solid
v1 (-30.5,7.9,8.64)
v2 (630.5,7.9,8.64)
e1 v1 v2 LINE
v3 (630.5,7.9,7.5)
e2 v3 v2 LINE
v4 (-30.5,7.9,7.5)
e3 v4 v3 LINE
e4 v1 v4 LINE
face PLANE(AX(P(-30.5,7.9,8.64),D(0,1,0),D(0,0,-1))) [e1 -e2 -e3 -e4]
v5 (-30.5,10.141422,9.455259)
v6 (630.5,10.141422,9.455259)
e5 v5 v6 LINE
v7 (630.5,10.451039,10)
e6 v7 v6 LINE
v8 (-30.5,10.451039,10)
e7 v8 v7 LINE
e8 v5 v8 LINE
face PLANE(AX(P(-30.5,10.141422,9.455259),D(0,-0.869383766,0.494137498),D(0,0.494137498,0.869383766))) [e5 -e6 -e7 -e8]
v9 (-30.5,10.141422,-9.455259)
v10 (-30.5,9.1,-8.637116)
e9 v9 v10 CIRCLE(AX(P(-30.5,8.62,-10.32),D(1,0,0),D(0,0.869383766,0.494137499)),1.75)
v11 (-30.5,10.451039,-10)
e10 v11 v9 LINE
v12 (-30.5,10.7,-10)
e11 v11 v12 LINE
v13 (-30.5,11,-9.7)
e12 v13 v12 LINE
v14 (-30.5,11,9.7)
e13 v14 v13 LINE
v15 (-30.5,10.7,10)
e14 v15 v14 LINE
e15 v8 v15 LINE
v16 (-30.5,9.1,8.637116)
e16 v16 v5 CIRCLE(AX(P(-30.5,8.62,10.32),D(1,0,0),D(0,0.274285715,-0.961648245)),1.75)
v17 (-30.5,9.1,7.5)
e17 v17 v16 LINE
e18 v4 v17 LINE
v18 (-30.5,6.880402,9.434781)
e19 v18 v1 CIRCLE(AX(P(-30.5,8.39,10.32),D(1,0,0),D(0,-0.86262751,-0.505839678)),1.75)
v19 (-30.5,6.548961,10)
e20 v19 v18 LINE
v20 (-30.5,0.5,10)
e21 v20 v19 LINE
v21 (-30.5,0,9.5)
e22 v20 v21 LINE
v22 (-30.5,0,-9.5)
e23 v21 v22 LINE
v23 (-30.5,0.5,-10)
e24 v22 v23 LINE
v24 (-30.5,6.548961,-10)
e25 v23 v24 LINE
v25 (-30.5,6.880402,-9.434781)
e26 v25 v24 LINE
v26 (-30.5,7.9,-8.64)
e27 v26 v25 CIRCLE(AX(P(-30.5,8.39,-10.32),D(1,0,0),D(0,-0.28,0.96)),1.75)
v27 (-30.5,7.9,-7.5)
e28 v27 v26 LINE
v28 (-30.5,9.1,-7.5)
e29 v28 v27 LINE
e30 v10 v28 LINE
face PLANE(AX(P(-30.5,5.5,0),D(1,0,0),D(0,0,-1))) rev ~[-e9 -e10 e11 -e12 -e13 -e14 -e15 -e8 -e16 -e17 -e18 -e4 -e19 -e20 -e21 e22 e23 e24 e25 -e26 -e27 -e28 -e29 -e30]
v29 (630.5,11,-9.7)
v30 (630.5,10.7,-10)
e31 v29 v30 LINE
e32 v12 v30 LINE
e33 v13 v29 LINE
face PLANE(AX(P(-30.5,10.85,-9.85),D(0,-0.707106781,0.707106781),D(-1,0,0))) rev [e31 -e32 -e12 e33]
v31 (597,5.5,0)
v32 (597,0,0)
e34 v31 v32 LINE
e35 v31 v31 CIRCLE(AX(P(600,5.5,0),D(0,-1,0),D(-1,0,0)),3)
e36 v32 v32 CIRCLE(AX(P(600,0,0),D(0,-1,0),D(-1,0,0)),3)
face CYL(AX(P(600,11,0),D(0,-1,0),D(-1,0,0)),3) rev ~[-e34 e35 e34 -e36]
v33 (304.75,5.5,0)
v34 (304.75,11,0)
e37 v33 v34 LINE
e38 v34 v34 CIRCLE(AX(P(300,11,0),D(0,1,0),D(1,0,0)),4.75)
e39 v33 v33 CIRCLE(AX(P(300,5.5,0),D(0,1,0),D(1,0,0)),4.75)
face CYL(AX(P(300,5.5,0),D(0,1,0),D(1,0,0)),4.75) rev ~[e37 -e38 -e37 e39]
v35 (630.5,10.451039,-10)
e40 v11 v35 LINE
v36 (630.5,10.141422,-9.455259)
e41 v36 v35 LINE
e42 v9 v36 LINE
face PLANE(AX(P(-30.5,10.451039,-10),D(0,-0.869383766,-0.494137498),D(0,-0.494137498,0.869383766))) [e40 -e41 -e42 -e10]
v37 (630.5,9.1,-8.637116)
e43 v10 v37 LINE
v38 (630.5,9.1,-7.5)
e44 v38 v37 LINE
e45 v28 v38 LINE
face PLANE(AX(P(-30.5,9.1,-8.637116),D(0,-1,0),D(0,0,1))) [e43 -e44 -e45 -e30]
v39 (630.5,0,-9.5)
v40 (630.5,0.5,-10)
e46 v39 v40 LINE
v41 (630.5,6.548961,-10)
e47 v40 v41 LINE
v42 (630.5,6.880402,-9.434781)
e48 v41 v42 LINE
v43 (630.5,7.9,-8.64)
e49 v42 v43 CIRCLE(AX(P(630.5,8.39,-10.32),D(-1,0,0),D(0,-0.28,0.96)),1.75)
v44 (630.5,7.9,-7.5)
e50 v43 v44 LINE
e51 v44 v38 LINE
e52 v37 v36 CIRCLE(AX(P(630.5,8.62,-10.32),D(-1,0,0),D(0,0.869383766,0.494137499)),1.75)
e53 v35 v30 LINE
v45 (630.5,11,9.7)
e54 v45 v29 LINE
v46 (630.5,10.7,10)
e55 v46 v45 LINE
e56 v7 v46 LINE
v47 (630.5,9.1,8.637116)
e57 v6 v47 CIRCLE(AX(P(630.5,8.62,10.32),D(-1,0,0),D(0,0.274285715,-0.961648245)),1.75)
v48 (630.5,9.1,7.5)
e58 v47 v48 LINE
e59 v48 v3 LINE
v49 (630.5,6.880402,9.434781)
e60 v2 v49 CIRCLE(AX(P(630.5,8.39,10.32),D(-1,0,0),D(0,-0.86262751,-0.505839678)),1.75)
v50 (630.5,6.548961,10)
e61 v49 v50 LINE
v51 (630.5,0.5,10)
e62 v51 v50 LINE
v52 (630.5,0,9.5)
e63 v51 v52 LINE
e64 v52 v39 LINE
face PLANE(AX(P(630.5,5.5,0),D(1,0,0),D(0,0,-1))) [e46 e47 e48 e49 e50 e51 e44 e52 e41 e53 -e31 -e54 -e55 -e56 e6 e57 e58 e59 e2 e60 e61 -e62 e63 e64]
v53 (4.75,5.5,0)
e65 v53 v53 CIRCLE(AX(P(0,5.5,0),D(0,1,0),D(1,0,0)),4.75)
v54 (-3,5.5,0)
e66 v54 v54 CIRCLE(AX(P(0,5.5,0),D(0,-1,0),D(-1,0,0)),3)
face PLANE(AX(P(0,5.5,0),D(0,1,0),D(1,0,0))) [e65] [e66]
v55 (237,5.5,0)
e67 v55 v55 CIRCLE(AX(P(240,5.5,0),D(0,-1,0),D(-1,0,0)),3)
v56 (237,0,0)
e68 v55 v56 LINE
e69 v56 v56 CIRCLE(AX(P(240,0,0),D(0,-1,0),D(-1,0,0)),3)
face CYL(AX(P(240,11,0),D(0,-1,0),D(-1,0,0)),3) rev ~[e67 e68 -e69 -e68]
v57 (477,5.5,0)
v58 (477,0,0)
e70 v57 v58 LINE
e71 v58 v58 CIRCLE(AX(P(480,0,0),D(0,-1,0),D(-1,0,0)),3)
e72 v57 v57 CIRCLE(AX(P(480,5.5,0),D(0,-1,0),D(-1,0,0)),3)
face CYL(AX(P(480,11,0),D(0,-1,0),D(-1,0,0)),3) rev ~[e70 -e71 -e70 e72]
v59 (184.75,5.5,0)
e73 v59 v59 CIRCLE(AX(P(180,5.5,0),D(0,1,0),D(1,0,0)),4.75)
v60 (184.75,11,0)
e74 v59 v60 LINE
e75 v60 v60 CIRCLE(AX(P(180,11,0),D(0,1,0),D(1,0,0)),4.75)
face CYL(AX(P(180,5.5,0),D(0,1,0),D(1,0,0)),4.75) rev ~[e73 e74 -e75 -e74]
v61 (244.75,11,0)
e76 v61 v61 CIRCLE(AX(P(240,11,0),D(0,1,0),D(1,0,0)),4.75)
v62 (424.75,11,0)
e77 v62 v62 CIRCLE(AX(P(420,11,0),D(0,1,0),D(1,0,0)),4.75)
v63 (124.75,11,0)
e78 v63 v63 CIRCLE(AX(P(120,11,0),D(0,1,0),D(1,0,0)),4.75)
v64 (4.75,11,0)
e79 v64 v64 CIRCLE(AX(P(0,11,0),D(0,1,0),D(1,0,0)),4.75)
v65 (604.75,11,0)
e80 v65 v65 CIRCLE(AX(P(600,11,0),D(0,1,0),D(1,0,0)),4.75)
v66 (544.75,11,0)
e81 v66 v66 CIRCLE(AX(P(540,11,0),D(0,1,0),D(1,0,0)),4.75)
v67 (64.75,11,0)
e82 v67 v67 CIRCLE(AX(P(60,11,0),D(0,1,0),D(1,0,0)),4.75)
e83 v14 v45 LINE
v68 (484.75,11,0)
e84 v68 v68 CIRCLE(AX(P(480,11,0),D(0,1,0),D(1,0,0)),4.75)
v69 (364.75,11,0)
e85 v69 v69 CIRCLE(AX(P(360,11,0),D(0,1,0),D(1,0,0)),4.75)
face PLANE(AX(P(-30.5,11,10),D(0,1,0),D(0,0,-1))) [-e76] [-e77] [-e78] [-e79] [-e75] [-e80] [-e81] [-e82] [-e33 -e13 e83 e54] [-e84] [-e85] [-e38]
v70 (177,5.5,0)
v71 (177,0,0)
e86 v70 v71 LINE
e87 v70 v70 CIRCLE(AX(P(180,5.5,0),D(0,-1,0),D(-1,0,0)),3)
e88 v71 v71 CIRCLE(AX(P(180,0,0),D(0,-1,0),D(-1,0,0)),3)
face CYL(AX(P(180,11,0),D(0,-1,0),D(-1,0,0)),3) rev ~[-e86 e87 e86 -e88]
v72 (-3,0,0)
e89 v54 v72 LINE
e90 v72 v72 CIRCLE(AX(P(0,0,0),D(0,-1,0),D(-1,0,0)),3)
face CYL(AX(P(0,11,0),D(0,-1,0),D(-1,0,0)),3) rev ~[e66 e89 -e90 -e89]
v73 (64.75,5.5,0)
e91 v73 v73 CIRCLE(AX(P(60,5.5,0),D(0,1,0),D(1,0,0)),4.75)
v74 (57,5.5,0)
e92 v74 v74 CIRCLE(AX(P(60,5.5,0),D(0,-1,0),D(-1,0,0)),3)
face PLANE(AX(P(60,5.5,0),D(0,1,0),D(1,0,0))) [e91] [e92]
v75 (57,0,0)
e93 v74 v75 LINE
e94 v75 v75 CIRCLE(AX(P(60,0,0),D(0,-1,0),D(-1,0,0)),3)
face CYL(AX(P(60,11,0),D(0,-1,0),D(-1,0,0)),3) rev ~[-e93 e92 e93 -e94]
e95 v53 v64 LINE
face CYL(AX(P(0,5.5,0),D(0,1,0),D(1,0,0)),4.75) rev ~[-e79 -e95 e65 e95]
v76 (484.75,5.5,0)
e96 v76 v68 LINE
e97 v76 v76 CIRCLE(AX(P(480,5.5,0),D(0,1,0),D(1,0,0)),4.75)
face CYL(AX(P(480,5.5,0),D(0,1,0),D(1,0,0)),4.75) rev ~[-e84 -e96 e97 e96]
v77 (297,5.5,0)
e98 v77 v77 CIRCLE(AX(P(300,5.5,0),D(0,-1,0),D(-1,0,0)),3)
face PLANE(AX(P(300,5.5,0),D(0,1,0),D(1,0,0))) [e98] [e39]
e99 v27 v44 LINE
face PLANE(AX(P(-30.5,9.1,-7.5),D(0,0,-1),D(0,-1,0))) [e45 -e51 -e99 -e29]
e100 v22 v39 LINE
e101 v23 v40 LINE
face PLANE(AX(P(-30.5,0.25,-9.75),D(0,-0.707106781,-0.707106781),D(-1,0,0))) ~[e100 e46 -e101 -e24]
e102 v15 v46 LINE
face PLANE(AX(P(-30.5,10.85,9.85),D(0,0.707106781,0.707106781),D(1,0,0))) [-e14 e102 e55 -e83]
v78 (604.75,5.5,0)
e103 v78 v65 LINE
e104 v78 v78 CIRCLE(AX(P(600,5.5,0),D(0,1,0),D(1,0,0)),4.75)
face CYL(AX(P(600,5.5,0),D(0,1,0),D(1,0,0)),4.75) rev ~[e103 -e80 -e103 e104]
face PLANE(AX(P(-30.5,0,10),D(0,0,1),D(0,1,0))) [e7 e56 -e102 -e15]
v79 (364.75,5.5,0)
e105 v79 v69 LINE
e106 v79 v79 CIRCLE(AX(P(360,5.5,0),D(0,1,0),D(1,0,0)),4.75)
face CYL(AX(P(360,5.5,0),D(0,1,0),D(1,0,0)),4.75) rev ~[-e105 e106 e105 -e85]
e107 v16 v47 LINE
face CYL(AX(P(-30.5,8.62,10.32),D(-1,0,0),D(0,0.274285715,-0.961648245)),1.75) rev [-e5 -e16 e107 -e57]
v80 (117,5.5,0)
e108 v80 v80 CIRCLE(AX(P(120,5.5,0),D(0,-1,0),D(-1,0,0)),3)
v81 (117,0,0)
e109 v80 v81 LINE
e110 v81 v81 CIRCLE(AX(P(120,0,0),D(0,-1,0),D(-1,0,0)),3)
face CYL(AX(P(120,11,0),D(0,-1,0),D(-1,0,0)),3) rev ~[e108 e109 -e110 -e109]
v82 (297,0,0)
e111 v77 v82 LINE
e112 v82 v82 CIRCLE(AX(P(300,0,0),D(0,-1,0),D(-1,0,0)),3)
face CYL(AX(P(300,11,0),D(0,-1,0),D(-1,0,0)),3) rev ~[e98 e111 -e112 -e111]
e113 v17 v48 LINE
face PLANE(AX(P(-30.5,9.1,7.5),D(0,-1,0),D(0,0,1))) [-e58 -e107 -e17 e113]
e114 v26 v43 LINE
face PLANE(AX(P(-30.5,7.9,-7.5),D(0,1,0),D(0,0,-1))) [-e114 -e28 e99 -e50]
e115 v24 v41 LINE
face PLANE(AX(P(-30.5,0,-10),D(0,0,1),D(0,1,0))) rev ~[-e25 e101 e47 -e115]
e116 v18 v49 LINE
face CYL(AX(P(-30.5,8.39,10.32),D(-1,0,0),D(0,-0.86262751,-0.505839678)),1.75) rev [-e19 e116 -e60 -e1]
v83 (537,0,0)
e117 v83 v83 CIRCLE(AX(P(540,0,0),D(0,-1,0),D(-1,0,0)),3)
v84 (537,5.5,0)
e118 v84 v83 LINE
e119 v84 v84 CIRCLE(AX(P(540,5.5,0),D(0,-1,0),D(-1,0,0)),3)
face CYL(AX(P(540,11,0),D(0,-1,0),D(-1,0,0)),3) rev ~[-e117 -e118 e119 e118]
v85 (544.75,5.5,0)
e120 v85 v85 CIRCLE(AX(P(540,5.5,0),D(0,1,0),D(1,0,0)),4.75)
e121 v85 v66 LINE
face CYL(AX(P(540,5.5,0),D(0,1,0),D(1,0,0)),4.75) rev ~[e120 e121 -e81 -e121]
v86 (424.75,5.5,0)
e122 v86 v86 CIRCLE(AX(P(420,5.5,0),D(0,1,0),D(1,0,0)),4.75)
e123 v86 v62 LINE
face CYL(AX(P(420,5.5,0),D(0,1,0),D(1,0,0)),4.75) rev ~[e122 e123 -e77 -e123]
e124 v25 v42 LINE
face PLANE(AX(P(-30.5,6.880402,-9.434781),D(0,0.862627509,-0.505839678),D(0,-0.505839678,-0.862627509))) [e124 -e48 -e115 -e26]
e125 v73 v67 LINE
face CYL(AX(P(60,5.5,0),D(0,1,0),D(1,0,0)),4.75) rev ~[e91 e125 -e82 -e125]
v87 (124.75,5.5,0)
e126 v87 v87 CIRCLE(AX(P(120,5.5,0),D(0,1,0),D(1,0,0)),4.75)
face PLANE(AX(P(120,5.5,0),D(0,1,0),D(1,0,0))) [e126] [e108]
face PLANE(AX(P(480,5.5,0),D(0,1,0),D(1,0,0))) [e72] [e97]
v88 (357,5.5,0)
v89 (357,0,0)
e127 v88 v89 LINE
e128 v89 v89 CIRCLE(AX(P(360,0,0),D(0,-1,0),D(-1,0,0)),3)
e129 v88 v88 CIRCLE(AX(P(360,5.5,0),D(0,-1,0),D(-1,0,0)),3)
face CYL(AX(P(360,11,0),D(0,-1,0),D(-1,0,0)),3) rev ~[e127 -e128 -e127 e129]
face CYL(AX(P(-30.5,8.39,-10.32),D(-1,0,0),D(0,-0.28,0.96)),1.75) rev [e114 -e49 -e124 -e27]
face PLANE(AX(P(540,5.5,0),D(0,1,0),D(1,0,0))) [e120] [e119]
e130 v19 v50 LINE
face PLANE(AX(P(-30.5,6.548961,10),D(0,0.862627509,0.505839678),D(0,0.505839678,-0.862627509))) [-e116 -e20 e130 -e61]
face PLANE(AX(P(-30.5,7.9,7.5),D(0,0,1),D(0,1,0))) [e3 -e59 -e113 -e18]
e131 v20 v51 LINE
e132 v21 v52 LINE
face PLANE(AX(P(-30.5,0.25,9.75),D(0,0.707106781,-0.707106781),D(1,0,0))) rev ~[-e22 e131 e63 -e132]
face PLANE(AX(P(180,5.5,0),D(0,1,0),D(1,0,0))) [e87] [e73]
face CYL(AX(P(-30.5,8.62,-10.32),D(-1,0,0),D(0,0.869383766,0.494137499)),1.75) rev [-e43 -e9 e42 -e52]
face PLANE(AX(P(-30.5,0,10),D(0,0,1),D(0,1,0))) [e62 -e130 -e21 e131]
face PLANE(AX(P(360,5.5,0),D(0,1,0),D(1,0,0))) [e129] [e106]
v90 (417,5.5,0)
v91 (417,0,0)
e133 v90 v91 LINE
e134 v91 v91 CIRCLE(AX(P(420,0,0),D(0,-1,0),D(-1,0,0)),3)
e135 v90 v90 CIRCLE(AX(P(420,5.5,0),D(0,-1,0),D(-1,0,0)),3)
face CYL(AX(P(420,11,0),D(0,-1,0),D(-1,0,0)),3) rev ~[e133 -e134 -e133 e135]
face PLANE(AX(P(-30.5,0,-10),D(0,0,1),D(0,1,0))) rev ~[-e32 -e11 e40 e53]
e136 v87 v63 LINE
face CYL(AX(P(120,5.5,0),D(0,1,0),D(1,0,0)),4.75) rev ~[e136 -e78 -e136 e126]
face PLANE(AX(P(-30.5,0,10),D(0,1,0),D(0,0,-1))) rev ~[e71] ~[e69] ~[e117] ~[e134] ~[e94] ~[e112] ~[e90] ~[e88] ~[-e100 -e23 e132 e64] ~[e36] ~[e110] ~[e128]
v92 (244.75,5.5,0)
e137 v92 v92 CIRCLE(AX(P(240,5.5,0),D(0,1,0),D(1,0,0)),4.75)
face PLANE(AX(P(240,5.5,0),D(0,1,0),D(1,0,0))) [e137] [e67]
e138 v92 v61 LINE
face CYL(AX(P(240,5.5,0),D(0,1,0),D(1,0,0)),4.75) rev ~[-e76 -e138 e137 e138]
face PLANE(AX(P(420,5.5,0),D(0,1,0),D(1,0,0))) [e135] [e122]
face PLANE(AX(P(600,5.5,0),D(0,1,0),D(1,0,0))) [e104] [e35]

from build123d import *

# Parameters (mm, degrees)
SKETCH1_W                                    = 20
SKETCH1_H                                    = 11
BOSS_EXTRUDE1_DEPTH                          = 661
CUT_EXTRUDE2_DEPTH                           = 662.167149819
CBORE_FOR_SOCKET_HEAD_CAP_SCREW1_D           = 6
CBORE_FOR_SOCKET_HEAD_CAP_SCREW1_CBORE_D     = 9.5
CBORE_FOR_SOCKET_HEAD_CAP_SCREW1_CBORE_DEPTH = 5.5
LPATTERN1_COUNT                              = 11
LPATTERN1_PITCH                              = 60
CHAMFER1_SIZE                                = 0.3
CHAMFER2_SIZE                                = 0.5


with BuildPart() as part:
    # Sketch1 → Boss-Extrude1 (new body)
    with BuildSketch(Plane(origin=(-30.5, 0, 0), x_dir=(0, 0, -1), z_dir=(1, 0, 0))):
        with Locations((0, 5.5)):
            Rectangle(SKETCH1_W, SKETCH1_H)
    extrude(amount=BOSS_EXTRUDE1_DEPTH)

    # Sketch3 → Cut-Extrude2 (cut, through all)
    with BuildSketch(Plane(origin=(-30.5, 0, 0), x_dir=(0, 0, -1), z_dir=(1, 0, 0))):
        with BuildLine():
            Line((10, 10.451039482), (9.455259378, 10.141421591))
            ThreePointArc((9.455259378, 10.141421591), (8.943868436, 9.701092928), (8.637115571, 9.1))
            Line((8.637115571, 9.1), (7.5, 9.1))
            Line((7.5, 9.1), (7.5, 7.9))
            Line((7.5, 7.9), (8.64, 7.9))
            ThreePointArc((8.64, 7.9), (8.939788863, 7.314120259), (9.434780564, 6.880401858))
            Line((9.434780564, 6.880401858), (10, 6.548960518))
            Line((10, 6.548960518), (10, 10.451039482))
        make_face()
        with BuildLine():
            Line((-10, 10.451039482), (-10, 6.548960518))
            Line((-10, 6.548960518), (-9.434780564, 6.880401858))
            ThreePointArc((-9.434780564, 6.880401858), (-8.939788863, 7.314120259), (-8.64, 7.9))
            Line((-8.64, 7.9), (-7.5, 7.9))
            Line((-7.5, 7.9), (-7.5, 9.1))
            Line((-7.5, 9.1), (-8.637115571, 9.1))
            ThreePointArc((-8.637115571, 9.1), (-8.943868436, 9.701092928), (-9.455259378, 10.141421591))
            Line((-9.455259378, 10.141421591), (-10, 10.451039482))
        make_face()
    extrude(amount=CUT_EXTRUDE2_DEPTH, mode=Mode.SUBTRACT)

    # CBORE for Socket Head Cap Screw1 (through all)
    with Locations(Plane(origin=(0, 11, 0), x_dir=(1, 0, 0), z_dir=(0, 1, 0))):
        with Locations((0, 0)):
            cbore_for_socket_head_cap_screw1 = CounterBoreHole(CBORE_FOR_SOCKET_HEAD_CAP_SCREW1_D / 2, CBORE_FOR_SOCKET_HEAD_CAP_SCREW1_CBORE_D / 2, CBORE_FOR_SOCKET_HEAD_CAP_SCREW1_CBORE_DEPTH)

    # LPattern1: CBORE for Socket Head Cap Screw1 ×11
    with Locations(*[(i * LPATTERN1_PITCH, 0, 0) for i in range(1, LPATTERN1_COUNT)]):
        add(cbore_for_socket_head_cap_screw1, mode=Mode.SUBTRACT)

    # Chamfer1
    chamfer1_edges = [part.edges().sort_by_distance(p)[0] for p in [
        (300, 11, 10),
        (300, 11, -10),
    ]]
    chamfer(chamfer1_edges, length=CHAMFER1_SIZE)

    # Chamfer2
    chamfer2_edges = [part.edges().sort_by_distance(p)[0] for p in [
        (300, 0, -10),
        (300, 0, 10),
    ]]
    chamfer(chamfer2_edges, length=CHAMFER2_SIZE)


solid = part.part
